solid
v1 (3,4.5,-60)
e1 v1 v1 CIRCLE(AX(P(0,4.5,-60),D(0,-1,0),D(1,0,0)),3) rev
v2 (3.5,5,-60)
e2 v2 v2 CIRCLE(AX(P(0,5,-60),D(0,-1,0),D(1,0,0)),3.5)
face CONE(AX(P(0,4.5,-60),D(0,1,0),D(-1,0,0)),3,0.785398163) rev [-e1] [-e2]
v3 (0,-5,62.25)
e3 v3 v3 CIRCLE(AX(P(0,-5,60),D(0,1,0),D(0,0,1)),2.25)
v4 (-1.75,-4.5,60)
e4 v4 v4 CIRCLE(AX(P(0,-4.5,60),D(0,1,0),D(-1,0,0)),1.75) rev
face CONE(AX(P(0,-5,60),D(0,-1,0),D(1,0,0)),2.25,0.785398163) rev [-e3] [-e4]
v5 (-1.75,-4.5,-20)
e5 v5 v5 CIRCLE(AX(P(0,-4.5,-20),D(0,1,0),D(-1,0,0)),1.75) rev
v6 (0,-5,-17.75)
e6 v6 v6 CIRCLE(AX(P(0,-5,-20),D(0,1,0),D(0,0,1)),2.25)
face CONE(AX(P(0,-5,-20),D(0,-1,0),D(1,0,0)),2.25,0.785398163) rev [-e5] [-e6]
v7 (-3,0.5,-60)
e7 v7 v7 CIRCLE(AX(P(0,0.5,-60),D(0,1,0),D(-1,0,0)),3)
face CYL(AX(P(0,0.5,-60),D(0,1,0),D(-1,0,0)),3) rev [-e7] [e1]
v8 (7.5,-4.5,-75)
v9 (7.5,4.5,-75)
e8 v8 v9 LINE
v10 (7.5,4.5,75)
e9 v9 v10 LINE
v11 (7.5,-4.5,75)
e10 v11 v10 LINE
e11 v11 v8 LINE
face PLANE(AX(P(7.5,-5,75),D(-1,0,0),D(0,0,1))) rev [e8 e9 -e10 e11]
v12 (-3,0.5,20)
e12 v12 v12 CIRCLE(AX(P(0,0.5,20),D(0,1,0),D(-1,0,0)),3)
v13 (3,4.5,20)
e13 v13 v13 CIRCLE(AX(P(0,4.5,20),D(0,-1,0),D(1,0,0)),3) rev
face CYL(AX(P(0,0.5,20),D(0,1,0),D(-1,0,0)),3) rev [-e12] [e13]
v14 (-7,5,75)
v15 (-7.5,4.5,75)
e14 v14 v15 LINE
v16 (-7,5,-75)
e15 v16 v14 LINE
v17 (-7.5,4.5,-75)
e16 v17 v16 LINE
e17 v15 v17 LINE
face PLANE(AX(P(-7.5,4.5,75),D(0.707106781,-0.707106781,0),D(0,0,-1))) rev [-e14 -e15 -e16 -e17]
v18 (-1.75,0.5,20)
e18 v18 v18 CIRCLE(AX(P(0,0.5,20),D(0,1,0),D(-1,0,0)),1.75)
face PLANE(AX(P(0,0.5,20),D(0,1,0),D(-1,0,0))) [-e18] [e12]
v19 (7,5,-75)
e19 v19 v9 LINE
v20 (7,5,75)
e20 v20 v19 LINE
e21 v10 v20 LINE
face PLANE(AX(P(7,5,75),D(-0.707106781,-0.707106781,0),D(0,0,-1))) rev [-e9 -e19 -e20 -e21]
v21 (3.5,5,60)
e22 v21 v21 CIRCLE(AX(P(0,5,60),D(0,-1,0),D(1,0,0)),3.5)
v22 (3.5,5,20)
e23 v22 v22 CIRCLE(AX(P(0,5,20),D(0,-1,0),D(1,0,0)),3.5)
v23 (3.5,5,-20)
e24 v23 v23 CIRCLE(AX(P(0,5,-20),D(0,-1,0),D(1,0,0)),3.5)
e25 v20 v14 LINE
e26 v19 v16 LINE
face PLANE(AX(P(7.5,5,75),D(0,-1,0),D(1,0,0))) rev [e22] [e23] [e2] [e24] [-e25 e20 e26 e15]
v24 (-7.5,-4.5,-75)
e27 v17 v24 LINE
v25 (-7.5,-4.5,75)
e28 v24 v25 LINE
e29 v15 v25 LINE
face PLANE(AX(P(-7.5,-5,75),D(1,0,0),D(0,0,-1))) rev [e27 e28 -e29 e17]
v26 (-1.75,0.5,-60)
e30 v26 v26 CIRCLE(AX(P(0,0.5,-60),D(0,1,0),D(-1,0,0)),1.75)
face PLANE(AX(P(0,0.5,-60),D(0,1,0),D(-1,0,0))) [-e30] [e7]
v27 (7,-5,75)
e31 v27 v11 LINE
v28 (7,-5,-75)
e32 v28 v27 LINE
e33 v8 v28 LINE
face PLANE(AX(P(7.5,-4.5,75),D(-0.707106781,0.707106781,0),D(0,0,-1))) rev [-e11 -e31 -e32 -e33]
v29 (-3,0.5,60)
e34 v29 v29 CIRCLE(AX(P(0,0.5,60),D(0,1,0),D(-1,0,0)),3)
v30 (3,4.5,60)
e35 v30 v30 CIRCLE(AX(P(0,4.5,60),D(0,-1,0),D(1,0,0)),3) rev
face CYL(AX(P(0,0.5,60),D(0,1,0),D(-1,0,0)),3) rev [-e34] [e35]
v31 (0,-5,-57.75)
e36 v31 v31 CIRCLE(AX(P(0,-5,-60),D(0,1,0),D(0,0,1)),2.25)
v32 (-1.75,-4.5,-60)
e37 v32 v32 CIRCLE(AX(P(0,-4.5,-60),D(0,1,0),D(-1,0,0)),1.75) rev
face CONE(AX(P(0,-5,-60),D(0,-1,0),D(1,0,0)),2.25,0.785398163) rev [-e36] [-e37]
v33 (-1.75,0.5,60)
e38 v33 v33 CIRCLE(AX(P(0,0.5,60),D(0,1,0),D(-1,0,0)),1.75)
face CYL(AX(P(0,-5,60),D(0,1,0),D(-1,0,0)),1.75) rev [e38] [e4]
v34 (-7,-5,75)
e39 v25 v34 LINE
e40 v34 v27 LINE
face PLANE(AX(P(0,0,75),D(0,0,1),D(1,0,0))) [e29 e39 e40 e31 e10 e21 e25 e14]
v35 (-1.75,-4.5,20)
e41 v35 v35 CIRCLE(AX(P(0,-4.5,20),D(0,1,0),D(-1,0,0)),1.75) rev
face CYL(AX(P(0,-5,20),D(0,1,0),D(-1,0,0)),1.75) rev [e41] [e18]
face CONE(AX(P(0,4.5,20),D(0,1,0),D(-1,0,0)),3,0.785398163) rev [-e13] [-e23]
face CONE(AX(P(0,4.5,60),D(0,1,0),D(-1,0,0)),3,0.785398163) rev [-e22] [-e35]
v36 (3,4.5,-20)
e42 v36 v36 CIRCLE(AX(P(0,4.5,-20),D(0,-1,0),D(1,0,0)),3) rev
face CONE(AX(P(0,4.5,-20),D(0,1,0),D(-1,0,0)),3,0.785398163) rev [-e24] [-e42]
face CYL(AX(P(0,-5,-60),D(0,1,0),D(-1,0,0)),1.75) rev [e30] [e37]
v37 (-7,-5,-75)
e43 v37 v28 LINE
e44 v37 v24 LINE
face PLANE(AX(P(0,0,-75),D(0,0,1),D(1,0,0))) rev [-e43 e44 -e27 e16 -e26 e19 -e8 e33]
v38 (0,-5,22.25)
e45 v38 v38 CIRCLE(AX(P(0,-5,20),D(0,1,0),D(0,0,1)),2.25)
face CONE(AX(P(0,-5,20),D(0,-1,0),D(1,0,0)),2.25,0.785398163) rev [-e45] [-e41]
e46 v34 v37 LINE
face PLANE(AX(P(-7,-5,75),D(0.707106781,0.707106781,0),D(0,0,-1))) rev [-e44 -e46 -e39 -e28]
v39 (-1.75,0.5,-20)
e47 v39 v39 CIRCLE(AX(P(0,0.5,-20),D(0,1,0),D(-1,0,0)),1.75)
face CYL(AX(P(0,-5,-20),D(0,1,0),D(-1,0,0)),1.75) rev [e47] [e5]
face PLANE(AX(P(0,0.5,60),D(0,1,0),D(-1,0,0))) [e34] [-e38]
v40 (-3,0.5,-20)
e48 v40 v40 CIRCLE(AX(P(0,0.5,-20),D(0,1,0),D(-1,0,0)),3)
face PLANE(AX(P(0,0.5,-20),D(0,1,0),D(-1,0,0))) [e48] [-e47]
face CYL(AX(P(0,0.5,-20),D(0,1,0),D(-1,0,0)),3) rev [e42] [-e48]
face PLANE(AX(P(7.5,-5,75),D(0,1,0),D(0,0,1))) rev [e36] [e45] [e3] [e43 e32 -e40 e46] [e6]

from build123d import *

# Parameters (mm, degrees)
SKETCH1_W                  = 15
SKETCH1_H                  = 10
BOSS_EXTRUDE1_DEPTH        = 75
SKETCH2_R                  = 3
CUT_EXTRUDE1_DEPTH         = 4.5
SKETCH3_R                  = 1.75
CUT_EXTRUDE2_DEPTH         = 76.574466588
CHAMFER1_SIZE              = 0.5
LPATTERN1_COUNT            = 4
LPATTERN1_PITCH            = 40
CHAMFER1_OF_LPATTERN1_SIZE = 0.5
CHAMFER2_SIZE              = 0.5


with BuildPart() as part:
    # Sketch1 → Boss-Extrude1 (new, symmetric)
    with BuildSketch(Plane.XY):
        Rectangle(SKETCH1_W, SKETCH1_H)
    extrude(amount=BOSS_EXTRUDE1_DEPTH, both=True)

    # Sketch2 → Cut-Extrude1 (cut)
    with BuildSketch(Plane(origin=(0, 5, 0), x_dir=(1, 0, 0), z_dir=(0, 1, 0))):
        with Locations(Location((0, -60, 0), (0, 0, 180))):
            Circle(SKETCH2_R)
    cut_extrude1 = extrude(amount=-CUT_EXTRUDE1_DEPTH, mode=Mode.SUBTRACT)

    # Sketch3 → Cut-Extrude2 (cut, through all)
    with BuildSketch(Plane(origin=(0, 0.5, 0), x_dir=(1, 0, 0), z_dir=(0, 1, 0))):
        with Locations(Location((0, -60, 0), (0, 0, 180))):
            Circle(SKETCH3_R)
    cut_extrude2 = extrude(amount=-CUT_EXTRUDE2_DEPTH, mode=Mode.SUBTRACT)

    # Chamfer1
    chamfer1_edges = [part.edges().sort_by_distance(p)[0] for p in [
        (3, 5, 60),
        (1.75, -5, 60),
    ]]
    chamfer(chamfer1_edges, length=CHAMFER1_SIZE)

    # LPattern1: Cut-Extrude1, Cut-Extrude2 ×4
    with Locations(*[(0, 0, -i * LPATTERN1_PITCH) for i in range(1, LPATTERN1_COUNT)]):
        add(cut_extrude1, mode=Mode.SUBTRACT)
        add(cut_extrude2, mode=Mode.SUBTRACT)

    # Chamfer1 of LPattern1
    chamfer1_of_lpattern1_edges = [part.edges().sort_by_distance(p)[0] for p in [
        (3, 5, 20),
        (1.75, -5, 20),
        (3, 5, -20),
        (1.75, -5, -20),
        (3, 5, -60),
        (1.75, -5, -60),
    ]]
    chamfer(chamfer1_of_lpattern1_edges, length=CHAMFER1_OF_LPATTERN1_SIZE)

    # Chamfer2
    chamfer2_edges = [part.edges().sort_by_distance(p)[0] for p in [
        (-7.5, 5, 0),
        (7.5, 5, 0),
        (7.5, -5, 0),
        (-7.5, -5, 0),
    ]]
    chamfer(chamfer2_edges, length=CHAMFER2_SIZE)


solid = part.part
